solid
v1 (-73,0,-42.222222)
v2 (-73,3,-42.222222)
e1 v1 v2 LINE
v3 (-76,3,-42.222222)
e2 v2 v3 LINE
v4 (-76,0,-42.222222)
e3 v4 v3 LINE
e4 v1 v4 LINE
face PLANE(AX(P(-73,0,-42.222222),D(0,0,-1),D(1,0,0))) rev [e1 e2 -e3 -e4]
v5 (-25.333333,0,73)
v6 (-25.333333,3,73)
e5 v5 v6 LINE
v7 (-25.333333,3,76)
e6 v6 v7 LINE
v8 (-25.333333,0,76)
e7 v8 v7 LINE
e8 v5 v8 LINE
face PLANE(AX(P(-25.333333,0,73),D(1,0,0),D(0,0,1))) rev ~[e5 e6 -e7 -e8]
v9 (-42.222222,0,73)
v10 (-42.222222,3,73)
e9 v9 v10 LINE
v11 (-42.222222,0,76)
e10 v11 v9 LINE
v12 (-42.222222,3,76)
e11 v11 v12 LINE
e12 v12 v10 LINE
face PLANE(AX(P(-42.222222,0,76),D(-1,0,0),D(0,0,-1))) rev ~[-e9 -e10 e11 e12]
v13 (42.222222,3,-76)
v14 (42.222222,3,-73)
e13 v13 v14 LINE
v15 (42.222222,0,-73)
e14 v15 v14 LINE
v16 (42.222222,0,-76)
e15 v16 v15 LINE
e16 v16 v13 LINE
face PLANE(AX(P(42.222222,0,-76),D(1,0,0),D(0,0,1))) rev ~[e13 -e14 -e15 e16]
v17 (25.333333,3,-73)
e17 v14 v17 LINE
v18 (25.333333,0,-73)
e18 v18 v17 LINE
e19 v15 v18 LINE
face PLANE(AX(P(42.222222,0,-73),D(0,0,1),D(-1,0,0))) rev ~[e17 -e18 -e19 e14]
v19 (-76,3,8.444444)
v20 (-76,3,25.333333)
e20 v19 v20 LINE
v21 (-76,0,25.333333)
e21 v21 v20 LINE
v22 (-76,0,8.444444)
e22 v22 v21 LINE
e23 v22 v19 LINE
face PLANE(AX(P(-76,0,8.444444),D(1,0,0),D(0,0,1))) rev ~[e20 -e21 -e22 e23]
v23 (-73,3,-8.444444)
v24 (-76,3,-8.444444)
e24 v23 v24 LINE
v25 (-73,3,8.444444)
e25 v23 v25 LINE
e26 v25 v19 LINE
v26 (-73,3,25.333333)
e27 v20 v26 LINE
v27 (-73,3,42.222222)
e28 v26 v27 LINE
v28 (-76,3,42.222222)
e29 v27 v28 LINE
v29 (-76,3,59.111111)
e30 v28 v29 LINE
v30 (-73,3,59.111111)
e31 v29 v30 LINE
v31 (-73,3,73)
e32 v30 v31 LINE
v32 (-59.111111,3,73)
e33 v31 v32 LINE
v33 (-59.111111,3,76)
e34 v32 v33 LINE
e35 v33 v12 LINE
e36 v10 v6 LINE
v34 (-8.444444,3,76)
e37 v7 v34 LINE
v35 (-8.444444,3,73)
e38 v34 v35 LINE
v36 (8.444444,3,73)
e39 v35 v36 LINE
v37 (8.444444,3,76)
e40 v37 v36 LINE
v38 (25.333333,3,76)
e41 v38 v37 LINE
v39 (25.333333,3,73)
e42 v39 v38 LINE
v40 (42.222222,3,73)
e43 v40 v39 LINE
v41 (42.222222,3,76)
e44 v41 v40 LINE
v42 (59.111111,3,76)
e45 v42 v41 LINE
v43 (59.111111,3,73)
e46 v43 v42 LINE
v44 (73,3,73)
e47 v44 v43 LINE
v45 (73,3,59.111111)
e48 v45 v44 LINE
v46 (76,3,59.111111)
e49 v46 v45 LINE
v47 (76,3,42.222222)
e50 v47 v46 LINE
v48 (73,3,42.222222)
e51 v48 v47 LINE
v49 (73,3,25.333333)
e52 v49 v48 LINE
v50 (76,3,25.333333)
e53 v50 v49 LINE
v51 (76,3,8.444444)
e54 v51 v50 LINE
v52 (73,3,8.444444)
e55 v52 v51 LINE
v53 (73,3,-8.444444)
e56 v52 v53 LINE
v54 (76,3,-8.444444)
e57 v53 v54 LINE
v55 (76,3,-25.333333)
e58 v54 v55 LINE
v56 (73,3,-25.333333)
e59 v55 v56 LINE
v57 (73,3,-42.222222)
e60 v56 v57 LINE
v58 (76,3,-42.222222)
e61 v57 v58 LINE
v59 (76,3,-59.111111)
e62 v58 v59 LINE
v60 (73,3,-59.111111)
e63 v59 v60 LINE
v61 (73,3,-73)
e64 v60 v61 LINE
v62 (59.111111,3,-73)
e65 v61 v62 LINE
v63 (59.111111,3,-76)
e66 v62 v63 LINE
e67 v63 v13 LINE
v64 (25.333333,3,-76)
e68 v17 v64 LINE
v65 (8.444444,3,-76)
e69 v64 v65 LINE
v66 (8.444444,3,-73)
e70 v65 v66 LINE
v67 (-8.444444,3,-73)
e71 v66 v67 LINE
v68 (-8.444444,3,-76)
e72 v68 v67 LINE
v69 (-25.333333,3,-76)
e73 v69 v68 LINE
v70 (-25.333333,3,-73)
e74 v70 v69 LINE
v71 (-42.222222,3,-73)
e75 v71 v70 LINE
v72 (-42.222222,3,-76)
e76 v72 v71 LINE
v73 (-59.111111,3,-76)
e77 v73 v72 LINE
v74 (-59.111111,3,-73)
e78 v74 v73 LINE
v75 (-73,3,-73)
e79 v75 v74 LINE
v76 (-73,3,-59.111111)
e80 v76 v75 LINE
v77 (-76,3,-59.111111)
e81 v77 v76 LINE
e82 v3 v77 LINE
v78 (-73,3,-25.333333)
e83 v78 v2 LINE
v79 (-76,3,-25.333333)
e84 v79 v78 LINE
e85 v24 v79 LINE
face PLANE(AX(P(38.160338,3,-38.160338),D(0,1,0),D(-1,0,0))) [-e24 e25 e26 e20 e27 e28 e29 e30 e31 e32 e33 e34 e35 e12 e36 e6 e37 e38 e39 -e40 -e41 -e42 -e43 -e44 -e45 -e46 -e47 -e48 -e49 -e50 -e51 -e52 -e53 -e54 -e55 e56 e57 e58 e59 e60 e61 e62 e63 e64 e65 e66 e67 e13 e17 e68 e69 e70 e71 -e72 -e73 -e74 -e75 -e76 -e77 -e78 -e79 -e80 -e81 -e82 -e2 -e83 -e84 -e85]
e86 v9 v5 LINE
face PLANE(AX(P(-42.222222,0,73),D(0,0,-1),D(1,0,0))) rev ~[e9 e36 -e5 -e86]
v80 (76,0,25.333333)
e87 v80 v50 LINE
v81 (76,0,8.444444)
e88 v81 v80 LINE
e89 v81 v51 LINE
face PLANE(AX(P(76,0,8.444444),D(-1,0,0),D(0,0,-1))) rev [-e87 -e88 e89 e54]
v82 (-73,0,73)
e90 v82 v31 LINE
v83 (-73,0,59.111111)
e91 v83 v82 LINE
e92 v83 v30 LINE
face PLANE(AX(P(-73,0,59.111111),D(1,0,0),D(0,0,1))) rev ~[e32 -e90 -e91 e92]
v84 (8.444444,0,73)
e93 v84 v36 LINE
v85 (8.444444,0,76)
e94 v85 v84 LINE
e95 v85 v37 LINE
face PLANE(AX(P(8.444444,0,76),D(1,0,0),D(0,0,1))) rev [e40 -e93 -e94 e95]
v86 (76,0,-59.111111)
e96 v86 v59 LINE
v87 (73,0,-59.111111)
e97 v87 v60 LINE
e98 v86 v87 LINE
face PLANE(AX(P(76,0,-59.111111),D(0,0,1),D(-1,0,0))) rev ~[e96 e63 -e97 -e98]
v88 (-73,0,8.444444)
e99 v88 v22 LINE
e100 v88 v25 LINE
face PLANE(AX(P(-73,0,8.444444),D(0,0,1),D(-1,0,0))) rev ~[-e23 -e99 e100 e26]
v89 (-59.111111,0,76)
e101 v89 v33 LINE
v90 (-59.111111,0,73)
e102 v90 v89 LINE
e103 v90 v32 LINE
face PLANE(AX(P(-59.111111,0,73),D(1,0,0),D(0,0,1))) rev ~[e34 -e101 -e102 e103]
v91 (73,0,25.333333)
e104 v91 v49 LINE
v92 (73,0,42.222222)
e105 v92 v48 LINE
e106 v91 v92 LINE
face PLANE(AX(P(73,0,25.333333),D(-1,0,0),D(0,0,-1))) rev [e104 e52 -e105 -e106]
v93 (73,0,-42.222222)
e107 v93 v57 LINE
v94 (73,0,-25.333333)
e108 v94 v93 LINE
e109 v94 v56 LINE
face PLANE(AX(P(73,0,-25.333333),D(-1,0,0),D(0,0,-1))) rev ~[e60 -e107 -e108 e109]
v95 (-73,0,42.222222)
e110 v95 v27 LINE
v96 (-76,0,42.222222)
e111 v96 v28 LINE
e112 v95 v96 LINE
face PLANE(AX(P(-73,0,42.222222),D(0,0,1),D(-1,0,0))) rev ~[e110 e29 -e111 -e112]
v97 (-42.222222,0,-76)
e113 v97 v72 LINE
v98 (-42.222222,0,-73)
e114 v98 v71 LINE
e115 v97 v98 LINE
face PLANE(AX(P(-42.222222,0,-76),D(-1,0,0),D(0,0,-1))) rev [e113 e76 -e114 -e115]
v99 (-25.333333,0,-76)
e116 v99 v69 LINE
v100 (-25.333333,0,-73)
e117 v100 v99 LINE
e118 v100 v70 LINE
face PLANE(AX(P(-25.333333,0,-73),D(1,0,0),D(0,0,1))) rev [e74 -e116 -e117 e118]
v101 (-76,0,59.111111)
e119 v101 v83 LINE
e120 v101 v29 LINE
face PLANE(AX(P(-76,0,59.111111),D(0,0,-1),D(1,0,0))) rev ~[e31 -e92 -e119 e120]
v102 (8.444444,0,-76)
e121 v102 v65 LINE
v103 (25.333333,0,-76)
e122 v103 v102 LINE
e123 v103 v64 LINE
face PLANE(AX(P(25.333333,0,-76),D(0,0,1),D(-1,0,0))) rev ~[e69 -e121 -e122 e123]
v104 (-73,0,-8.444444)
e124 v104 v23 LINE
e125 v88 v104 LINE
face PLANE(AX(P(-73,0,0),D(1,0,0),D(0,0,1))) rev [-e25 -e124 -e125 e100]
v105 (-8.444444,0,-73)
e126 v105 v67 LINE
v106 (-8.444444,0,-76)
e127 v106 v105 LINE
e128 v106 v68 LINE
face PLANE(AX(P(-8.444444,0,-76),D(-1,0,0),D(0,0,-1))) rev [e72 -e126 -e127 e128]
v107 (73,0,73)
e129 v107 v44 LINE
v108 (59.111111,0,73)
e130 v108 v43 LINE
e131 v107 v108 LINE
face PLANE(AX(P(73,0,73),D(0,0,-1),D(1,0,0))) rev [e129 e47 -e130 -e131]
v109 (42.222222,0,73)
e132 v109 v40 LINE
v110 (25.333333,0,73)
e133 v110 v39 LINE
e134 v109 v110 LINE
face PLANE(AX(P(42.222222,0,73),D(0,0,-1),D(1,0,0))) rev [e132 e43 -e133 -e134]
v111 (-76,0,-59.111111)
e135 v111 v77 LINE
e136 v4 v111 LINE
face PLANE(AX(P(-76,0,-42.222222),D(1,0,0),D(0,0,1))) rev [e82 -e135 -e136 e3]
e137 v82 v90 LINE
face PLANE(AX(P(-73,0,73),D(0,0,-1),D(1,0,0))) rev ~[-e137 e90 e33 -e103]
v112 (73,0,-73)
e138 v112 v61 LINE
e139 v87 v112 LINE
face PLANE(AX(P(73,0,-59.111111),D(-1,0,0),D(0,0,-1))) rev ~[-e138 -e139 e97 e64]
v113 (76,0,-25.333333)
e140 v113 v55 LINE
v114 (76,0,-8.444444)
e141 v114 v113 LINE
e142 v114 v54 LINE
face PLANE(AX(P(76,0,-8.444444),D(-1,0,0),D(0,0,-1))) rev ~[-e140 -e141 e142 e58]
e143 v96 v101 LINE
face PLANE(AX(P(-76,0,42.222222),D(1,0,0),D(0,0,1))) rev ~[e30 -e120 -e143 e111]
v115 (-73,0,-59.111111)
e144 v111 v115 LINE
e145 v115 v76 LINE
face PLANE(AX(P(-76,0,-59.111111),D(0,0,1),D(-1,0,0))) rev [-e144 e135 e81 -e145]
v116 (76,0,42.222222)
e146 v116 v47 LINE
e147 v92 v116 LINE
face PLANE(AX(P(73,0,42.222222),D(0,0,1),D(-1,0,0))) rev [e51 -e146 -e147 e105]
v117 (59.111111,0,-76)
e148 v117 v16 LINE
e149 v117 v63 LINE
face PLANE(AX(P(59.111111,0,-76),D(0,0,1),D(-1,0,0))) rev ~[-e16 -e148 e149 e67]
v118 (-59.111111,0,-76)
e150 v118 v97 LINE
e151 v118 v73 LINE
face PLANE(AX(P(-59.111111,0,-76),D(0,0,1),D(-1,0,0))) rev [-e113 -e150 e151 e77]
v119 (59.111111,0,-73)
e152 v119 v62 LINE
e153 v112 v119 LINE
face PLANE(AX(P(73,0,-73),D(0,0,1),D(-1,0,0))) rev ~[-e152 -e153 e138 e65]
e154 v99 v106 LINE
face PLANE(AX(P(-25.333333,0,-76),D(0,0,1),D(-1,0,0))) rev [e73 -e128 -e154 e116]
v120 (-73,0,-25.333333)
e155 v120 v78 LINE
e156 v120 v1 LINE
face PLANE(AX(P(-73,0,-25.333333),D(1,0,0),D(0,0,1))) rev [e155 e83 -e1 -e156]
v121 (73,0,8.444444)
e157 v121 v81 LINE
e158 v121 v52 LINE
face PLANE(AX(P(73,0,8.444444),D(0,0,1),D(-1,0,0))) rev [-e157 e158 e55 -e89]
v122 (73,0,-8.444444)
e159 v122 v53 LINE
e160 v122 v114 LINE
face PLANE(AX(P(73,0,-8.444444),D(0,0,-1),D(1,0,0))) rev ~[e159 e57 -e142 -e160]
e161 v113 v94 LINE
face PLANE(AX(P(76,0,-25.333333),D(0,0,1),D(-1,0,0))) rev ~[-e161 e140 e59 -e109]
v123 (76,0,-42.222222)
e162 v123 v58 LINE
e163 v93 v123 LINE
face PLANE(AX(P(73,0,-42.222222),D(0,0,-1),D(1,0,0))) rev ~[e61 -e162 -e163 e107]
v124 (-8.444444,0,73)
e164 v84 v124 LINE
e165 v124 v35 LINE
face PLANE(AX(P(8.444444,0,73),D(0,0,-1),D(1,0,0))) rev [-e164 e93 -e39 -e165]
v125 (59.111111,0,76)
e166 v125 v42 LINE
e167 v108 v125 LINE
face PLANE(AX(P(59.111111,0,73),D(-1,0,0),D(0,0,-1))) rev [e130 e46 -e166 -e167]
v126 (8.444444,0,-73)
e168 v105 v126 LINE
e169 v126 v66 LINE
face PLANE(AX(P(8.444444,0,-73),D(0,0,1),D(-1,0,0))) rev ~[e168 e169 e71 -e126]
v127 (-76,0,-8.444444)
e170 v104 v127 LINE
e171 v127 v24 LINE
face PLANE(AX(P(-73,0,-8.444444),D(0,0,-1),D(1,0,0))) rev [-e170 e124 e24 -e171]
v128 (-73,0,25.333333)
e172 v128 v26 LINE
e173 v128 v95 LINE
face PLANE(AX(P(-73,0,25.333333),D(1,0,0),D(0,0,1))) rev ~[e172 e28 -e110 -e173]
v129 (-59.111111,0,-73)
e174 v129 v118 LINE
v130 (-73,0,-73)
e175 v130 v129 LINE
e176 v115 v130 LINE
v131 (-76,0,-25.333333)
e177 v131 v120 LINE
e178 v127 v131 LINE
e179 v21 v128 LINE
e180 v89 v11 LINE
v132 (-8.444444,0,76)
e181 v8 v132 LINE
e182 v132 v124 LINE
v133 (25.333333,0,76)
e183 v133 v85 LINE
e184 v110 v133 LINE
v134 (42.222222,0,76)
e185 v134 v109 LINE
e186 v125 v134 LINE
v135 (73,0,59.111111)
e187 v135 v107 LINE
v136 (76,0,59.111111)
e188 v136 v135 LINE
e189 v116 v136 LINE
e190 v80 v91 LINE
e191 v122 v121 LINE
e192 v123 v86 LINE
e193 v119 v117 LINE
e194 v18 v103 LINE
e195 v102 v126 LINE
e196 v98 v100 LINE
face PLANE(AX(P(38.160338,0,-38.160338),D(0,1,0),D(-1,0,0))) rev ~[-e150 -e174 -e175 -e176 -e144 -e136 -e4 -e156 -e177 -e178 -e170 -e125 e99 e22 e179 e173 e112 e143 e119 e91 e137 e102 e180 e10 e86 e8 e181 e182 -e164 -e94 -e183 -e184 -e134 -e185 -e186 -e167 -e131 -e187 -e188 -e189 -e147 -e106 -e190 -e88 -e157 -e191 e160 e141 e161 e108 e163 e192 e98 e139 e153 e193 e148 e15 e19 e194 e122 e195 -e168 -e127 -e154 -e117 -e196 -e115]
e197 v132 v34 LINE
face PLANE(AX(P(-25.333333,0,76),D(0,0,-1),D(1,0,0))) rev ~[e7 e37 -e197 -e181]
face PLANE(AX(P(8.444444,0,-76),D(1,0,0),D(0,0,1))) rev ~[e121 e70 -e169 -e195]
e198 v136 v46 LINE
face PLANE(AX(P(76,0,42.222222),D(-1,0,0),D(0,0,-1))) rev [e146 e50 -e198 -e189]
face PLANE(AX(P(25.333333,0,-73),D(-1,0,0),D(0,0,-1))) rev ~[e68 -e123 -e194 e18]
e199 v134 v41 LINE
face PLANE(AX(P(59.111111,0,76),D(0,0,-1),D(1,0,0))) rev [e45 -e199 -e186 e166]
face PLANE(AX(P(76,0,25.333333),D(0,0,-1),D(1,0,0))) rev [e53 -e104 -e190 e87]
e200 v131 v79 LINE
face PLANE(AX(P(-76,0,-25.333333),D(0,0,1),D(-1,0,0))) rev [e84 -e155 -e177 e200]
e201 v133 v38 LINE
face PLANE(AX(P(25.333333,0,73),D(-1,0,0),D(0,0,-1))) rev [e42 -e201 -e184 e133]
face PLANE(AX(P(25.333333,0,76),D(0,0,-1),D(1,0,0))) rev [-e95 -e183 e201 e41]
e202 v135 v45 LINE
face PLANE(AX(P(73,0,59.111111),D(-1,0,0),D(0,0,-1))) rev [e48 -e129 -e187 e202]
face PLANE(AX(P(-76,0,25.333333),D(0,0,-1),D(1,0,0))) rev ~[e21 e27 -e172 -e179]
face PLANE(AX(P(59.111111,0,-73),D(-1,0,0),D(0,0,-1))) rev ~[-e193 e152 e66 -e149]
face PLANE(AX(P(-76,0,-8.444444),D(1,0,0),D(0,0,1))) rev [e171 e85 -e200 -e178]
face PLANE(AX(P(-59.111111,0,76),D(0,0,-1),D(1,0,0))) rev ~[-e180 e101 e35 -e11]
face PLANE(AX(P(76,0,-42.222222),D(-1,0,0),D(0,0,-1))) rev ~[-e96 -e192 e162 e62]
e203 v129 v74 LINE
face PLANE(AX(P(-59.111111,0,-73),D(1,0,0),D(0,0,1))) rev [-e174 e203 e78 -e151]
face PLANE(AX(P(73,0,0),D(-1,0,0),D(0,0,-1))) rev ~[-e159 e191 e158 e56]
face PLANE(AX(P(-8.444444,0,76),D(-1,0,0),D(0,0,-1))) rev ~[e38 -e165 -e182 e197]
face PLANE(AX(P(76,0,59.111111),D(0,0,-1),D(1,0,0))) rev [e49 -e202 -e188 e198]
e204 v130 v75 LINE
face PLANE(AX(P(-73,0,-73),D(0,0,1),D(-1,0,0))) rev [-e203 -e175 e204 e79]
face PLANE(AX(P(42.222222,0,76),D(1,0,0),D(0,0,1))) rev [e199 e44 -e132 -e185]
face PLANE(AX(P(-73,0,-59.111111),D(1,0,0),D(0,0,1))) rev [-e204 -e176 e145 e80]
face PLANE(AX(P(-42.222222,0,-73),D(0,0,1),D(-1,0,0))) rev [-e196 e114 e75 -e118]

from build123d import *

# Parameters (mm, degrees)
BOSS_EXTRUDE1_DEPTH                      = 3
MIRROR1_AT_THE_SECOND_PLANE_COPY_1_DEPTH = 3


with BuildPart() as part:
    # Sketch1 → Boss-Extrude1 (new body)
    with BuildSketch(Plane(origin=(0, 0, 0), x_dir=(1, 0, 0), z_dir=(0, 1, 0))):
        Polygon((-73, -59.111111111), (-73, -73), (-59.111111111, -73), (-59.111111111, -76), (-42.222222222, -76), (-42.222222222, -73), (-25.333333333, -73), (-25.333333333, -76), (-8.444444444, -76), (-8.444444444, -73), (0, -73), (0, 0), (-73, 0), (-73, -8.444444444), (-76, -8.444444444), (-76, -25.333333333), (-73, -25.333333333), (-73, -42.222222222), (-76, -42.222222222), (-76, -59.111111111), align=None)
    boss_extrude1 = extrude(amount=BOSS_EXTRUDE1_DEPTH)



with BuildPart() as mirror1_1:
    # Mirror1: Boss-Extrude1 across plane
    add(boss_extrude1.mirror(Plane(origin=(0, 0, 0), x_dir=(0, 0, 1), z_dir=(1, 0, 0))))


with BuildPart() as part_1:
    add(part.part)

    add(mirror1_1.part)  # Mirror1 at the second plane merges Mirror1_1
    # Mirror1 at the second plane: Boss-Extrude1 across plane
    add(boss_extrude1.mirror(Plane.XY))

    # Mirror1 at the second plane copy 1 sketc → Mirror1 at the second plane copy 1 (add)
    with BuildSketch(Plane(origin=(0, 0, 0), x_dir=(-1, 0, 0), z_dir=(0, 1, 0))):
        Polygon((-73, -59.111111111), (-73, -73), (-59.111111111, -73), (-59.111111111, -76), (-42.222222222, -76), (-42.222222222, -73), (-25.333333333, -73), (-25.333333333, -76), (-8.444444444, -76), (-8.444444444, -73), (0, -73), (0, 0), (-73, 0), (-73, -8.444444444), (-76, -8.444444444), (-76, -25.333333333), (-73, -25.333333333), (-73, -42.222222222), (-76, -42.222222222), (-76, -59.111111111), align=None)
    extrude(amount=MIRROR1_AT_THE_SECOND_PLANE_COPY_1_DEPTH)


solid = part_1.part
